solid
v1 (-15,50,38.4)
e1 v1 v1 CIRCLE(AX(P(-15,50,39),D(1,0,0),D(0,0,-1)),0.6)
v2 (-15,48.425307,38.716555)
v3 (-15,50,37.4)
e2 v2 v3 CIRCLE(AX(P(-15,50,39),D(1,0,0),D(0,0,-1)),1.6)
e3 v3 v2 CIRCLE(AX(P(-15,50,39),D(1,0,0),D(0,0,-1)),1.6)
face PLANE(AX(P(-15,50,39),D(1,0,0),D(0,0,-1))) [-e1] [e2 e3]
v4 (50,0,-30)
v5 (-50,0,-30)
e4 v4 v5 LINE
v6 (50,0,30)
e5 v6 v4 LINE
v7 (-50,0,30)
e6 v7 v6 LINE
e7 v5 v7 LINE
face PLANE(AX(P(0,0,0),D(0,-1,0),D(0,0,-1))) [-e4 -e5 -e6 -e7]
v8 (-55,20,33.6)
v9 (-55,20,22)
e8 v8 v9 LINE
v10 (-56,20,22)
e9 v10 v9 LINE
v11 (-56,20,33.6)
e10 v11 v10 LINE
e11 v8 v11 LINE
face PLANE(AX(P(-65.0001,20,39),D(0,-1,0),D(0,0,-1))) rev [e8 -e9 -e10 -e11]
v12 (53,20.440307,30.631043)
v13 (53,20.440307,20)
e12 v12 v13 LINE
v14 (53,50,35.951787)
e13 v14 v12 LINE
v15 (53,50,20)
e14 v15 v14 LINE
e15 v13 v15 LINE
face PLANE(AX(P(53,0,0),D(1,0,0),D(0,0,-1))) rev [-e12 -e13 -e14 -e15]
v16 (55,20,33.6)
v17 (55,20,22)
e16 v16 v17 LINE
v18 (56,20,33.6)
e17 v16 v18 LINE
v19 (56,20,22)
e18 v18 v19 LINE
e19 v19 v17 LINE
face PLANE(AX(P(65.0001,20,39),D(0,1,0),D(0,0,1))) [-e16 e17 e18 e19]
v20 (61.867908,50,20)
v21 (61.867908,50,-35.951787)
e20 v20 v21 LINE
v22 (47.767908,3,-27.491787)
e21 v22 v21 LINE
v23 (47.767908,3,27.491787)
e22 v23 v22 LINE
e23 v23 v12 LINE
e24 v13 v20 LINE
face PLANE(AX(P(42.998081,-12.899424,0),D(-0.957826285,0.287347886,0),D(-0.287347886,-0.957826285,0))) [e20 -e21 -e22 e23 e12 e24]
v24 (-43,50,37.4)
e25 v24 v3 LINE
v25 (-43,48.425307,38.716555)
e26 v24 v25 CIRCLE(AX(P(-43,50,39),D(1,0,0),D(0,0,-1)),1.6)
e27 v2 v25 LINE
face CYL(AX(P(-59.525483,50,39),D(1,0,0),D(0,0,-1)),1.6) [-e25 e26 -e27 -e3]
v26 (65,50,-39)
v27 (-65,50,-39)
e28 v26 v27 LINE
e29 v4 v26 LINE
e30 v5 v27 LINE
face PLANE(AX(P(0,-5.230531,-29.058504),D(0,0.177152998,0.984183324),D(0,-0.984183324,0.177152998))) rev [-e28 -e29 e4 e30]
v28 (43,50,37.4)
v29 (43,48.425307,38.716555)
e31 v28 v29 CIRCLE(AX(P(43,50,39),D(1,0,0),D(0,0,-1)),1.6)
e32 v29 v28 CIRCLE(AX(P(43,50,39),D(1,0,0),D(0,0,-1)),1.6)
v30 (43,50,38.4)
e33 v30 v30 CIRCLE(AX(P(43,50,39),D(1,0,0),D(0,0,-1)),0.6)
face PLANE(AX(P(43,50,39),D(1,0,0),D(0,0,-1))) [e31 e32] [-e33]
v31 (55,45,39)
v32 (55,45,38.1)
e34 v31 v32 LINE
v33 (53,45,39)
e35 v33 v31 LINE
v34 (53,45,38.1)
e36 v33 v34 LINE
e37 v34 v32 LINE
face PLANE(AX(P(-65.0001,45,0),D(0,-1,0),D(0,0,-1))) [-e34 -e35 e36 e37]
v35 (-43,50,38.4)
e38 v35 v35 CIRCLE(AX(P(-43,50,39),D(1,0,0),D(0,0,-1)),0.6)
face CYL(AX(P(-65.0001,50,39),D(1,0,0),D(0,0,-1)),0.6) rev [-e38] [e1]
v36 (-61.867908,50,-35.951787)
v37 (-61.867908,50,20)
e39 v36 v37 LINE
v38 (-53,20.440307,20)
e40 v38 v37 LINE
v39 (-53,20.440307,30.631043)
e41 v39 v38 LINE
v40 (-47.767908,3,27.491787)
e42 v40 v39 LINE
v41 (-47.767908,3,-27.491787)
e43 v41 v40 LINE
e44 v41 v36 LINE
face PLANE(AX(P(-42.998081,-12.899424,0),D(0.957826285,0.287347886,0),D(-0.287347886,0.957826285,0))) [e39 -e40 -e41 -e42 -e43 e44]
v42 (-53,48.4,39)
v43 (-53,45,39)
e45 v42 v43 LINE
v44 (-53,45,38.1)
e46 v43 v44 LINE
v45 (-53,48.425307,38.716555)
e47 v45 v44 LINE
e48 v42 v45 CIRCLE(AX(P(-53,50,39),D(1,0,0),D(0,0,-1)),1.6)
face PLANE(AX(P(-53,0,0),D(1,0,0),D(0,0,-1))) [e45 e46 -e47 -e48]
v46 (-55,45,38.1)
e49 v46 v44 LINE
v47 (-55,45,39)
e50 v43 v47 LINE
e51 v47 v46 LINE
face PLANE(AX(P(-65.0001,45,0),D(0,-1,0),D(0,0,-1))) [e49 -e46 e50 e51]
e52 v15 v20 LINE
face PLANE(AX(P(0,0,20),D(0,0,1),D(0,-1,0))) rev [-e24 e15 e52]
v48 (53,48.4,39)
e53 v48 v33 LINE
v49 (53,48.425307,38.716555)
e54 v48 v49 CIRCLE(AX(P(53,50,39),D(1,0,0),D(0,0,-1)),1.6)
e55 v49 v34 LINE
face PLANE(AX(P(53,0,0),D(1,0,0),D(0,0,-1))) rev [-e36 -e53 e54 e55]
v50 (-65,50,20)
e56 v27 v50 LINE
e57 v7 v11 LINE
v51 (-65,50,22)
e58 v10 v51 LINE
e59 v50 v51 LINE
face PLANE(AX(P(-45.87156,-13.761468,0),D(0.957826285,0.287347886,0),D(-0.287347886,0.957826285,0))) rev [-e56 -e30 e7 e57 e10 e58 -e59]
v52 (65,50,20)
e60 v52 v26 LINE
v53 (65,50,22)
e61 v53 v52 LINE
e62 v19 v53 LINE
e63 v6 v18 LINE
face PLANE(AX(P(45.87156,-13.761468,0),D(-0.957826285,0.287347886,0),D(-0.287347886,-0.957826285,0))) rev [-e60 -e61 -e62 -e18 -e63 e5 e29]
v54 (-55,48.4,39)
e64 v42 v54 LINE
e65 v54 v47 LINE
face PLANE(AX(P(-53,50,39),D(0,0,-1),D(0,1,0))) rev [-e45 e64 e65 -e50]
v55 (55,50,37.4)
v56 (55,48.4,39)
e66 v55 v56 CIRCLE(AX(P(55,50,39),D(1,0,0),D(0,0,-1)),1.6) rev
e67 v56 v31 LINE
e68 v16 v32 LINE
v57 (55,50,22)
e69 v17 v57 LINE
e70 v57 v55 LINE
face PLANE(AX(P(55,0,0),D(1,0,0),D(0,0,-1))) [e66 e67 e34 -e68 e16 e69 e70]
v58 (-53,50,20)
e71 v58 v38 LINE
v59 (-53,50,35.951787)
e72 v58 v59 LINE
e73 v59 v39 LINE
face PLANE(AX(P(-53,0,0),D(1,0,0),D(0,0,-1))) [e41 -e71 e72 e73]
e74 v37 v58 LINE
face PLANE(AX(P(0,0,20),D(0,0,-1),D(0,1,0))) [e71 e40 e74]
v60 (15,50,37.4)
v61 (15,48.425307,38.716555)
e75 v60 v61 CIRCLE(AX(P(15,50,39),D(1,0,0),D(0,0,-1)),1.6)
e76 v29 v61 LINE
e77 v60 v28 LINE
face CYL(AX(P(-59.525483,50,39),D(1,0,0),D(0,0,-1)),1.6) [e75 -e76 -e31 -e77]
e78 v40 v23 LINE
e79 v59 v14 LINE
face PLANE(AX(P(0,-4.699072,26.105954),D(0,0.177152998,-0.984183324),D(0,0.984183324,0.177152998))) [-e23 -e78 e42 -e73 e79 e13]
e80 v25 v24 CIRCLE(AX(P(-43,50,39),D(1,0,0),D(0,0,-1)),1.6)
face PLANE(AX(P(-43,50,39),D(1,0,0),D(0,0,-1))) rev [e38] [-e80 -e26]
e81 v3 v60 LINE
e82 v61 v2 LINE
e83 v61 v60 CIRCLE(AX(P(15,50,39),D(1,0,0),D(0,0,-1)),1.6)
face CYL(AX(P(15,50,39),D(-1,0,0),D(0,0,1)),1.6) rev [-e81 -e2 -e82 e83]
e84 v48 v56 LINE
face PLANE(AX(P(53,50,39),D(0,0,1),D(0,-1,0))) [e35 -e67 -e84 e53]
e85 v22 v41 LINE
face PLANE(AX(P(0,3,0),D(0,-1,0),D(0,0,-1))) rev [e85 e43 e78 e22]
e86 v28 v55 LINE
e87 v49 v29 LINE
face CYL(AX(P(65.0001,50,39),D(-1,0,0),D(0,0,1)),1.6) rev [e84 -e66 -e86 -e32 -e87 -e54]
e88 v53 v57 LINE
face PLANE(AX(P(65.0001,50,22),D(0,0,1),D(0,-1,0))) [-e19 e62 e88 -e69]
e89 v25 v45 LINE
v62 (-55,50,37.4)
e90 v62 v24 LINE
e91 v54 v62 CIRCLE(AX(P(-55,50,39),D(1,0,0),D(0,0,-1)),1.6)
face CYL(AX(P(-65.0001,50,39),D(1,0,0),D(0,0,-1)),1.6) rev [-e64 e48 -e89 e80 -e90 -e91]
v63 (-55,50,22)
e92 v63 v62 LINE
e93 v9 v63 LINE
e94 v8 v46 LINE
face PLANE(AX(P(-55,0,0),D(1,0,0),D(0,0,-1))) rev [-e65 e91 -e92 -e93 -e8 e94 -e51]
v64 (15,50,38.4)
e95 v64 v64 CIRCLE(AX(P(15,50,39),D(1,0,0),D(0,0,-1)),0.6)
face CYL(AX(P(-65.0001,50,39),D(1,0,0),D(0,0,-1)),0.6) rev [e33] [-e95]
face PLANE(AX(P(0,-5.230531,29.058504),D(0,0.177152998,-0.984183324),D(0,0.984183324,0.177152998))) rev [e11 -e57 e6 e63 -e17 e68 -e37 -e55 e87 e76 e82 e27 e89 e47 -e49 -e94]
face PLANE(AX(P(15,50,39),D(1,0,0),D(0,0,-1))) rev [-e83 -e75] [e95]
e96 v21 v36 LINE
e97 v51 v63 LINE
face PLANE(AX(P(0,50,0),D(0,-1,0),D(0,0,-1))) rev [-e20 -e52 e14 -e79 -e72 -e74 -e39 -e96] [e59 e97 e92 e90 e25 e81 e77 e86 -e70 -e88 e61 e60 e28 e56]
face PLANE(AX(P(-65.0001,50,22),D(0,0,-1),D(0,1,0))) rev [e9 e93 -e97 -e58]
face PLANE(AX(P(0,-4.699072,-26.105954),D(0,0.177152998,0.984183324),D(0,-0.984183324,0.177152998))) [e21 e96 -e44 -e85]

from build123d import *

# Parameters (mm, degrees)
SHELL_1_T                = -3
CUT_EXTRUDE_START        = 55
SKETCH_4_W               = 17
SKETCH_4_H               = 30
CUT_EXTRUDE_1_DEPTH      = 36.807488848
CUT_EXTRUDE_START_2      = -55
SKETCH_4_2_W             = 17
SKETCH_4_2_H             = 30
CUT_EXTRUDE_2_DEPTH      = 36.807488848
EXTRUDE_START            = 55
SKETCH_4_3_W             = 17
SKETCH_4_3_H             = 30
EXTRUDE_1_DEPTH          = 2
EXTRUDE_START_2          = -55
SKETCH_4_4_W             = 17
SKETCH_4_4_H             = 30
EXTRUDE_2_DEPTH          = 2
SKETCH_5_R               = 1.6
EXTRUDE_3_DEPTH          = 110
CUT_EXTRUDE_3_DEPTH      = 93.390042924
CUT_EXTRUDE_3_DEPTH_BACK = 93.390042924
SKETCH_5_3_R             = 0.6
CUT_EXTRUDE_4_DEPTH      = 15
CUT_EXTRUDE_4_DEPTH_BACK = 15
SKETCH_5_4_R             = 1.6
SKETCH_5_4_R_2           = 0.6
CUT_EXTRUDE_START_3      = -43
SKETCH_5_5_R             = 1.6
SKETCH_5_5_R_2           = 0.6
CUT_EXTRUDE_5_DEPTH      = 50.390042924
CUT_EXTRUDE_START_4      = 43
SKETCH_5_6_R             = 1.6
SKETCH_5_6_R_2           = 0.6
CUT_EXTRUDE_6_DEPTH      = 50.390042924
CUT_EXTRUDE_8_DEPTH      = 137.787865114
EXTRUDE_4_DEPTH          = 2


with BuildPart() as part:
    # 草图1 → 放样1 section 0
    with BuildSketch(Plane(origin=(0, 0, 0), x_dir=(1, 0, 0), z_dir=(0, 1, 0))):
        with BuildLine():
            Line((-50, -30), (50, -30))
            Line((50, -30), (50, 30))
            Line((50, 30), (-50, 30))
            Line((-50, 30), (-50, -30))
        make_face()
    # 草图2 → 放样1 section 1
    with BuildSketch(Plane(origin=(0, 50, 0), x_dir=(1, 0, 0), z_dir=(0, 1, 0))):
        with BuildLine():
            Line((-65, -39), (65, -39))
            Line((65, -39), (65, 39))
            Line((65, 39), (-65, 39))
            Line((-65, 39), (-65, -39))
        make_face()
    loft()

    # 抽壳1
    shell_1_openings = [part.faces().sort_by_distance(p)[0] for p in [
        (0, 50, 0),
    ]]
    offset(amount=SHELL_1_T, openings=shell_1_openings, kind=Kind.INTERSECTION)

    # 草图4 → 切除-拉伸1 (cut, through all)
    with BuildSketch(Plane(origin=(0, 0, 0), x_dir=(0, 0, -1), z_dir=(1, 0, 0)).offset(CUT_EXTRUDE_START)):
        with Locations((-30.5, 35)):
            Rectangle(SKETCH_4_W, SKETCH_4_H)
    extrude(amount=CUT_EXTRUDE_1_DEPTH, mode=Mode.SUBTRACT)

    # 草图4<2> → 切除-拉伸2 (cut, through all)
    with BuildSketch(Plane(origin=(0, 0, 0), x_dir=(0, 0, -1), z_dir=(1, 0, 0)).offset(CUT_EXTRUDE_START_2)):
        with Locations((-30.5, 35)):
            Rectangle(SKETCH_4_2_W, SKETCH_4_2_H)
    extrude(amount=-CUT_EXTRUDE_2_DEPTH, mode=Mode.SUBTRACT)

    # 草图4<3> → 凸台-拉伸1 (add)
    with BuildSketch(Plane(origin=(0, 0, 0), x_dir=(0, 0, -1), z_dir=(1, 0, 0)).offset(EXTRUDE_START)):
        with Locations((-30.5, 35)):
            Rectangle(SKETCH_4_3_W, SKETCH_4_3_H)
    extrude(amount=-EXTRUDE_1_DEPTH)

    # 草图4<4> → 凸台-拉伸2 (add)
    with BuildSketch(Plane(origin=(0, 0, 0), x_dir=(0, 0, -1), z_dir=(1, 0, 0)).offset(EXTRUDE_START_2)):
        with Locations((-30.5, 35)):
            Rectangle(SKETCH_4_4_W, SKETCH_4_4_H)
    extrude(amount=EXTRUDE_2_DEPTH)

    # 草图5 → 凸台-拉伸3 (add)
    with BuildSketch(Plane(origin=(0, 0, 0), x_dir=(0, 0, -1), z_dir=(1, 0, 0)).offset(EXTRUDE_START)):
        with Locations((-39, 50)):
            Circle(SKETCH_5_R)
    extrude(amount=-EXTRUDE_3_DEPTH)

    # 草图5<3> → 切除-拉伸3 (cut, two sides: drawn at the far end of the back side and taken through both)
    with BuildSketch(Plane(origin=(0, 0, 0), x_dir=(0, 0, -1), z_dir=(1, 0, 0)).offset(-CUT_EXTRUDE_3_DEPTH_BACK)):
        with Locations((-39, 50)):
            Circle(SKETCH_5_3_R)
    extrude(amount=CUT_EXTRUDE_3_DEPTH + CUT_EXTRUDE_3_DEPTH_BACK, mode=Mode.SUBTRACT)

    # 草图5<4> → 切除-拉伸4 (cut, two sides: drawn at the far end of the back side and taken through both)
    with BuildSketch(Plane(origin=(0, 0, 0), x_dir=(0, 0, -1), z_dir=(1, 0, 0)).offset(-CUT_EXTRUDE_4_DEPTH_BACK)):
        with Locations((-39, 50)):
            Circle(SKETCH_5_4_R)
        with Locations((-39, 50)):
            Circle(SKETCH_5_4_R_2, mode=Mode.SUBTRACT)
    extrude(amount=CUT_EXTRUDE_4_DEPTH + CUT_EXTRUDE_4_DEPTH_BACK, mode=Mode.SUBTRACT)

    # 草图5<5> → 切除-拉伸5 (cut, through all)
    with BuildSketch(Plane(origin=(0, 0, 0), x_dir=(0, 0, -1), z_dir=(1, 0, 0)).offset(CUT_EXTRUDE_START_3)):
        with Locations((-39, 50)):
            Circle(SKETCH_5_5_R)
        with Locations((-39, 50)):
            Circle(SKETCH_5_5_R_2, mode=Mode.SUBTRACT)
    extrude(amount=-CUT_EXTRUDE_5_DEPTH, mode=Mode.SUBTRACT)

    # 草图5<6> → 切除-拉伸6 (cut, through all)
    with BuildSketch(Plane(origin=(0, 0, 0), x_dir=(0, 0, -1), z_dir=(1, 0, 0)).offset(CUT_EXTRUDE_START_4)):
        with Locations((-39, 50)):
            Circle(SKETCH_5_6_R)
        with Locations((-39, 50)):
            Circle(SKETCH_5_6_R_2, mode=Mode.SUBTRACT)
    extrude(amount=CUT_EXTRUDE_6_DEPTH, mode=Mode.SUBTRACT)

    # 草图6 → 切除-拉伸8 (cut, through all)
    with BuildSketch(Plane(origin=(55, 0, 0), x_dir=(0, 0, -1), z_dir=(1, 0, 0))):
        Polygon((-39, 20), (-33.6, 20), (-38.1, 45), (-39, 45), align=None)
    extrude(amount=-CUT_EXTRUDE_8_DEPTH, mode=Mode.SUBTRACT)

    # 草图7 → 凸台-拉伸4 (add)
    with BuildSketch(Plane(origin=(0, 0, 22), x_dir=(-1, 0, 0), z_dir=(0, 0, -1))):
        Polygon((-65, 50), (-56, 20), (-53, 20), (-53, 50), align=None)
        Polygon((65, 50), (56, 20), (53, 20), (53, 50), align=None)
    extrude(amount=EXTRUDE_4_DEPTH)


solid = part.part
